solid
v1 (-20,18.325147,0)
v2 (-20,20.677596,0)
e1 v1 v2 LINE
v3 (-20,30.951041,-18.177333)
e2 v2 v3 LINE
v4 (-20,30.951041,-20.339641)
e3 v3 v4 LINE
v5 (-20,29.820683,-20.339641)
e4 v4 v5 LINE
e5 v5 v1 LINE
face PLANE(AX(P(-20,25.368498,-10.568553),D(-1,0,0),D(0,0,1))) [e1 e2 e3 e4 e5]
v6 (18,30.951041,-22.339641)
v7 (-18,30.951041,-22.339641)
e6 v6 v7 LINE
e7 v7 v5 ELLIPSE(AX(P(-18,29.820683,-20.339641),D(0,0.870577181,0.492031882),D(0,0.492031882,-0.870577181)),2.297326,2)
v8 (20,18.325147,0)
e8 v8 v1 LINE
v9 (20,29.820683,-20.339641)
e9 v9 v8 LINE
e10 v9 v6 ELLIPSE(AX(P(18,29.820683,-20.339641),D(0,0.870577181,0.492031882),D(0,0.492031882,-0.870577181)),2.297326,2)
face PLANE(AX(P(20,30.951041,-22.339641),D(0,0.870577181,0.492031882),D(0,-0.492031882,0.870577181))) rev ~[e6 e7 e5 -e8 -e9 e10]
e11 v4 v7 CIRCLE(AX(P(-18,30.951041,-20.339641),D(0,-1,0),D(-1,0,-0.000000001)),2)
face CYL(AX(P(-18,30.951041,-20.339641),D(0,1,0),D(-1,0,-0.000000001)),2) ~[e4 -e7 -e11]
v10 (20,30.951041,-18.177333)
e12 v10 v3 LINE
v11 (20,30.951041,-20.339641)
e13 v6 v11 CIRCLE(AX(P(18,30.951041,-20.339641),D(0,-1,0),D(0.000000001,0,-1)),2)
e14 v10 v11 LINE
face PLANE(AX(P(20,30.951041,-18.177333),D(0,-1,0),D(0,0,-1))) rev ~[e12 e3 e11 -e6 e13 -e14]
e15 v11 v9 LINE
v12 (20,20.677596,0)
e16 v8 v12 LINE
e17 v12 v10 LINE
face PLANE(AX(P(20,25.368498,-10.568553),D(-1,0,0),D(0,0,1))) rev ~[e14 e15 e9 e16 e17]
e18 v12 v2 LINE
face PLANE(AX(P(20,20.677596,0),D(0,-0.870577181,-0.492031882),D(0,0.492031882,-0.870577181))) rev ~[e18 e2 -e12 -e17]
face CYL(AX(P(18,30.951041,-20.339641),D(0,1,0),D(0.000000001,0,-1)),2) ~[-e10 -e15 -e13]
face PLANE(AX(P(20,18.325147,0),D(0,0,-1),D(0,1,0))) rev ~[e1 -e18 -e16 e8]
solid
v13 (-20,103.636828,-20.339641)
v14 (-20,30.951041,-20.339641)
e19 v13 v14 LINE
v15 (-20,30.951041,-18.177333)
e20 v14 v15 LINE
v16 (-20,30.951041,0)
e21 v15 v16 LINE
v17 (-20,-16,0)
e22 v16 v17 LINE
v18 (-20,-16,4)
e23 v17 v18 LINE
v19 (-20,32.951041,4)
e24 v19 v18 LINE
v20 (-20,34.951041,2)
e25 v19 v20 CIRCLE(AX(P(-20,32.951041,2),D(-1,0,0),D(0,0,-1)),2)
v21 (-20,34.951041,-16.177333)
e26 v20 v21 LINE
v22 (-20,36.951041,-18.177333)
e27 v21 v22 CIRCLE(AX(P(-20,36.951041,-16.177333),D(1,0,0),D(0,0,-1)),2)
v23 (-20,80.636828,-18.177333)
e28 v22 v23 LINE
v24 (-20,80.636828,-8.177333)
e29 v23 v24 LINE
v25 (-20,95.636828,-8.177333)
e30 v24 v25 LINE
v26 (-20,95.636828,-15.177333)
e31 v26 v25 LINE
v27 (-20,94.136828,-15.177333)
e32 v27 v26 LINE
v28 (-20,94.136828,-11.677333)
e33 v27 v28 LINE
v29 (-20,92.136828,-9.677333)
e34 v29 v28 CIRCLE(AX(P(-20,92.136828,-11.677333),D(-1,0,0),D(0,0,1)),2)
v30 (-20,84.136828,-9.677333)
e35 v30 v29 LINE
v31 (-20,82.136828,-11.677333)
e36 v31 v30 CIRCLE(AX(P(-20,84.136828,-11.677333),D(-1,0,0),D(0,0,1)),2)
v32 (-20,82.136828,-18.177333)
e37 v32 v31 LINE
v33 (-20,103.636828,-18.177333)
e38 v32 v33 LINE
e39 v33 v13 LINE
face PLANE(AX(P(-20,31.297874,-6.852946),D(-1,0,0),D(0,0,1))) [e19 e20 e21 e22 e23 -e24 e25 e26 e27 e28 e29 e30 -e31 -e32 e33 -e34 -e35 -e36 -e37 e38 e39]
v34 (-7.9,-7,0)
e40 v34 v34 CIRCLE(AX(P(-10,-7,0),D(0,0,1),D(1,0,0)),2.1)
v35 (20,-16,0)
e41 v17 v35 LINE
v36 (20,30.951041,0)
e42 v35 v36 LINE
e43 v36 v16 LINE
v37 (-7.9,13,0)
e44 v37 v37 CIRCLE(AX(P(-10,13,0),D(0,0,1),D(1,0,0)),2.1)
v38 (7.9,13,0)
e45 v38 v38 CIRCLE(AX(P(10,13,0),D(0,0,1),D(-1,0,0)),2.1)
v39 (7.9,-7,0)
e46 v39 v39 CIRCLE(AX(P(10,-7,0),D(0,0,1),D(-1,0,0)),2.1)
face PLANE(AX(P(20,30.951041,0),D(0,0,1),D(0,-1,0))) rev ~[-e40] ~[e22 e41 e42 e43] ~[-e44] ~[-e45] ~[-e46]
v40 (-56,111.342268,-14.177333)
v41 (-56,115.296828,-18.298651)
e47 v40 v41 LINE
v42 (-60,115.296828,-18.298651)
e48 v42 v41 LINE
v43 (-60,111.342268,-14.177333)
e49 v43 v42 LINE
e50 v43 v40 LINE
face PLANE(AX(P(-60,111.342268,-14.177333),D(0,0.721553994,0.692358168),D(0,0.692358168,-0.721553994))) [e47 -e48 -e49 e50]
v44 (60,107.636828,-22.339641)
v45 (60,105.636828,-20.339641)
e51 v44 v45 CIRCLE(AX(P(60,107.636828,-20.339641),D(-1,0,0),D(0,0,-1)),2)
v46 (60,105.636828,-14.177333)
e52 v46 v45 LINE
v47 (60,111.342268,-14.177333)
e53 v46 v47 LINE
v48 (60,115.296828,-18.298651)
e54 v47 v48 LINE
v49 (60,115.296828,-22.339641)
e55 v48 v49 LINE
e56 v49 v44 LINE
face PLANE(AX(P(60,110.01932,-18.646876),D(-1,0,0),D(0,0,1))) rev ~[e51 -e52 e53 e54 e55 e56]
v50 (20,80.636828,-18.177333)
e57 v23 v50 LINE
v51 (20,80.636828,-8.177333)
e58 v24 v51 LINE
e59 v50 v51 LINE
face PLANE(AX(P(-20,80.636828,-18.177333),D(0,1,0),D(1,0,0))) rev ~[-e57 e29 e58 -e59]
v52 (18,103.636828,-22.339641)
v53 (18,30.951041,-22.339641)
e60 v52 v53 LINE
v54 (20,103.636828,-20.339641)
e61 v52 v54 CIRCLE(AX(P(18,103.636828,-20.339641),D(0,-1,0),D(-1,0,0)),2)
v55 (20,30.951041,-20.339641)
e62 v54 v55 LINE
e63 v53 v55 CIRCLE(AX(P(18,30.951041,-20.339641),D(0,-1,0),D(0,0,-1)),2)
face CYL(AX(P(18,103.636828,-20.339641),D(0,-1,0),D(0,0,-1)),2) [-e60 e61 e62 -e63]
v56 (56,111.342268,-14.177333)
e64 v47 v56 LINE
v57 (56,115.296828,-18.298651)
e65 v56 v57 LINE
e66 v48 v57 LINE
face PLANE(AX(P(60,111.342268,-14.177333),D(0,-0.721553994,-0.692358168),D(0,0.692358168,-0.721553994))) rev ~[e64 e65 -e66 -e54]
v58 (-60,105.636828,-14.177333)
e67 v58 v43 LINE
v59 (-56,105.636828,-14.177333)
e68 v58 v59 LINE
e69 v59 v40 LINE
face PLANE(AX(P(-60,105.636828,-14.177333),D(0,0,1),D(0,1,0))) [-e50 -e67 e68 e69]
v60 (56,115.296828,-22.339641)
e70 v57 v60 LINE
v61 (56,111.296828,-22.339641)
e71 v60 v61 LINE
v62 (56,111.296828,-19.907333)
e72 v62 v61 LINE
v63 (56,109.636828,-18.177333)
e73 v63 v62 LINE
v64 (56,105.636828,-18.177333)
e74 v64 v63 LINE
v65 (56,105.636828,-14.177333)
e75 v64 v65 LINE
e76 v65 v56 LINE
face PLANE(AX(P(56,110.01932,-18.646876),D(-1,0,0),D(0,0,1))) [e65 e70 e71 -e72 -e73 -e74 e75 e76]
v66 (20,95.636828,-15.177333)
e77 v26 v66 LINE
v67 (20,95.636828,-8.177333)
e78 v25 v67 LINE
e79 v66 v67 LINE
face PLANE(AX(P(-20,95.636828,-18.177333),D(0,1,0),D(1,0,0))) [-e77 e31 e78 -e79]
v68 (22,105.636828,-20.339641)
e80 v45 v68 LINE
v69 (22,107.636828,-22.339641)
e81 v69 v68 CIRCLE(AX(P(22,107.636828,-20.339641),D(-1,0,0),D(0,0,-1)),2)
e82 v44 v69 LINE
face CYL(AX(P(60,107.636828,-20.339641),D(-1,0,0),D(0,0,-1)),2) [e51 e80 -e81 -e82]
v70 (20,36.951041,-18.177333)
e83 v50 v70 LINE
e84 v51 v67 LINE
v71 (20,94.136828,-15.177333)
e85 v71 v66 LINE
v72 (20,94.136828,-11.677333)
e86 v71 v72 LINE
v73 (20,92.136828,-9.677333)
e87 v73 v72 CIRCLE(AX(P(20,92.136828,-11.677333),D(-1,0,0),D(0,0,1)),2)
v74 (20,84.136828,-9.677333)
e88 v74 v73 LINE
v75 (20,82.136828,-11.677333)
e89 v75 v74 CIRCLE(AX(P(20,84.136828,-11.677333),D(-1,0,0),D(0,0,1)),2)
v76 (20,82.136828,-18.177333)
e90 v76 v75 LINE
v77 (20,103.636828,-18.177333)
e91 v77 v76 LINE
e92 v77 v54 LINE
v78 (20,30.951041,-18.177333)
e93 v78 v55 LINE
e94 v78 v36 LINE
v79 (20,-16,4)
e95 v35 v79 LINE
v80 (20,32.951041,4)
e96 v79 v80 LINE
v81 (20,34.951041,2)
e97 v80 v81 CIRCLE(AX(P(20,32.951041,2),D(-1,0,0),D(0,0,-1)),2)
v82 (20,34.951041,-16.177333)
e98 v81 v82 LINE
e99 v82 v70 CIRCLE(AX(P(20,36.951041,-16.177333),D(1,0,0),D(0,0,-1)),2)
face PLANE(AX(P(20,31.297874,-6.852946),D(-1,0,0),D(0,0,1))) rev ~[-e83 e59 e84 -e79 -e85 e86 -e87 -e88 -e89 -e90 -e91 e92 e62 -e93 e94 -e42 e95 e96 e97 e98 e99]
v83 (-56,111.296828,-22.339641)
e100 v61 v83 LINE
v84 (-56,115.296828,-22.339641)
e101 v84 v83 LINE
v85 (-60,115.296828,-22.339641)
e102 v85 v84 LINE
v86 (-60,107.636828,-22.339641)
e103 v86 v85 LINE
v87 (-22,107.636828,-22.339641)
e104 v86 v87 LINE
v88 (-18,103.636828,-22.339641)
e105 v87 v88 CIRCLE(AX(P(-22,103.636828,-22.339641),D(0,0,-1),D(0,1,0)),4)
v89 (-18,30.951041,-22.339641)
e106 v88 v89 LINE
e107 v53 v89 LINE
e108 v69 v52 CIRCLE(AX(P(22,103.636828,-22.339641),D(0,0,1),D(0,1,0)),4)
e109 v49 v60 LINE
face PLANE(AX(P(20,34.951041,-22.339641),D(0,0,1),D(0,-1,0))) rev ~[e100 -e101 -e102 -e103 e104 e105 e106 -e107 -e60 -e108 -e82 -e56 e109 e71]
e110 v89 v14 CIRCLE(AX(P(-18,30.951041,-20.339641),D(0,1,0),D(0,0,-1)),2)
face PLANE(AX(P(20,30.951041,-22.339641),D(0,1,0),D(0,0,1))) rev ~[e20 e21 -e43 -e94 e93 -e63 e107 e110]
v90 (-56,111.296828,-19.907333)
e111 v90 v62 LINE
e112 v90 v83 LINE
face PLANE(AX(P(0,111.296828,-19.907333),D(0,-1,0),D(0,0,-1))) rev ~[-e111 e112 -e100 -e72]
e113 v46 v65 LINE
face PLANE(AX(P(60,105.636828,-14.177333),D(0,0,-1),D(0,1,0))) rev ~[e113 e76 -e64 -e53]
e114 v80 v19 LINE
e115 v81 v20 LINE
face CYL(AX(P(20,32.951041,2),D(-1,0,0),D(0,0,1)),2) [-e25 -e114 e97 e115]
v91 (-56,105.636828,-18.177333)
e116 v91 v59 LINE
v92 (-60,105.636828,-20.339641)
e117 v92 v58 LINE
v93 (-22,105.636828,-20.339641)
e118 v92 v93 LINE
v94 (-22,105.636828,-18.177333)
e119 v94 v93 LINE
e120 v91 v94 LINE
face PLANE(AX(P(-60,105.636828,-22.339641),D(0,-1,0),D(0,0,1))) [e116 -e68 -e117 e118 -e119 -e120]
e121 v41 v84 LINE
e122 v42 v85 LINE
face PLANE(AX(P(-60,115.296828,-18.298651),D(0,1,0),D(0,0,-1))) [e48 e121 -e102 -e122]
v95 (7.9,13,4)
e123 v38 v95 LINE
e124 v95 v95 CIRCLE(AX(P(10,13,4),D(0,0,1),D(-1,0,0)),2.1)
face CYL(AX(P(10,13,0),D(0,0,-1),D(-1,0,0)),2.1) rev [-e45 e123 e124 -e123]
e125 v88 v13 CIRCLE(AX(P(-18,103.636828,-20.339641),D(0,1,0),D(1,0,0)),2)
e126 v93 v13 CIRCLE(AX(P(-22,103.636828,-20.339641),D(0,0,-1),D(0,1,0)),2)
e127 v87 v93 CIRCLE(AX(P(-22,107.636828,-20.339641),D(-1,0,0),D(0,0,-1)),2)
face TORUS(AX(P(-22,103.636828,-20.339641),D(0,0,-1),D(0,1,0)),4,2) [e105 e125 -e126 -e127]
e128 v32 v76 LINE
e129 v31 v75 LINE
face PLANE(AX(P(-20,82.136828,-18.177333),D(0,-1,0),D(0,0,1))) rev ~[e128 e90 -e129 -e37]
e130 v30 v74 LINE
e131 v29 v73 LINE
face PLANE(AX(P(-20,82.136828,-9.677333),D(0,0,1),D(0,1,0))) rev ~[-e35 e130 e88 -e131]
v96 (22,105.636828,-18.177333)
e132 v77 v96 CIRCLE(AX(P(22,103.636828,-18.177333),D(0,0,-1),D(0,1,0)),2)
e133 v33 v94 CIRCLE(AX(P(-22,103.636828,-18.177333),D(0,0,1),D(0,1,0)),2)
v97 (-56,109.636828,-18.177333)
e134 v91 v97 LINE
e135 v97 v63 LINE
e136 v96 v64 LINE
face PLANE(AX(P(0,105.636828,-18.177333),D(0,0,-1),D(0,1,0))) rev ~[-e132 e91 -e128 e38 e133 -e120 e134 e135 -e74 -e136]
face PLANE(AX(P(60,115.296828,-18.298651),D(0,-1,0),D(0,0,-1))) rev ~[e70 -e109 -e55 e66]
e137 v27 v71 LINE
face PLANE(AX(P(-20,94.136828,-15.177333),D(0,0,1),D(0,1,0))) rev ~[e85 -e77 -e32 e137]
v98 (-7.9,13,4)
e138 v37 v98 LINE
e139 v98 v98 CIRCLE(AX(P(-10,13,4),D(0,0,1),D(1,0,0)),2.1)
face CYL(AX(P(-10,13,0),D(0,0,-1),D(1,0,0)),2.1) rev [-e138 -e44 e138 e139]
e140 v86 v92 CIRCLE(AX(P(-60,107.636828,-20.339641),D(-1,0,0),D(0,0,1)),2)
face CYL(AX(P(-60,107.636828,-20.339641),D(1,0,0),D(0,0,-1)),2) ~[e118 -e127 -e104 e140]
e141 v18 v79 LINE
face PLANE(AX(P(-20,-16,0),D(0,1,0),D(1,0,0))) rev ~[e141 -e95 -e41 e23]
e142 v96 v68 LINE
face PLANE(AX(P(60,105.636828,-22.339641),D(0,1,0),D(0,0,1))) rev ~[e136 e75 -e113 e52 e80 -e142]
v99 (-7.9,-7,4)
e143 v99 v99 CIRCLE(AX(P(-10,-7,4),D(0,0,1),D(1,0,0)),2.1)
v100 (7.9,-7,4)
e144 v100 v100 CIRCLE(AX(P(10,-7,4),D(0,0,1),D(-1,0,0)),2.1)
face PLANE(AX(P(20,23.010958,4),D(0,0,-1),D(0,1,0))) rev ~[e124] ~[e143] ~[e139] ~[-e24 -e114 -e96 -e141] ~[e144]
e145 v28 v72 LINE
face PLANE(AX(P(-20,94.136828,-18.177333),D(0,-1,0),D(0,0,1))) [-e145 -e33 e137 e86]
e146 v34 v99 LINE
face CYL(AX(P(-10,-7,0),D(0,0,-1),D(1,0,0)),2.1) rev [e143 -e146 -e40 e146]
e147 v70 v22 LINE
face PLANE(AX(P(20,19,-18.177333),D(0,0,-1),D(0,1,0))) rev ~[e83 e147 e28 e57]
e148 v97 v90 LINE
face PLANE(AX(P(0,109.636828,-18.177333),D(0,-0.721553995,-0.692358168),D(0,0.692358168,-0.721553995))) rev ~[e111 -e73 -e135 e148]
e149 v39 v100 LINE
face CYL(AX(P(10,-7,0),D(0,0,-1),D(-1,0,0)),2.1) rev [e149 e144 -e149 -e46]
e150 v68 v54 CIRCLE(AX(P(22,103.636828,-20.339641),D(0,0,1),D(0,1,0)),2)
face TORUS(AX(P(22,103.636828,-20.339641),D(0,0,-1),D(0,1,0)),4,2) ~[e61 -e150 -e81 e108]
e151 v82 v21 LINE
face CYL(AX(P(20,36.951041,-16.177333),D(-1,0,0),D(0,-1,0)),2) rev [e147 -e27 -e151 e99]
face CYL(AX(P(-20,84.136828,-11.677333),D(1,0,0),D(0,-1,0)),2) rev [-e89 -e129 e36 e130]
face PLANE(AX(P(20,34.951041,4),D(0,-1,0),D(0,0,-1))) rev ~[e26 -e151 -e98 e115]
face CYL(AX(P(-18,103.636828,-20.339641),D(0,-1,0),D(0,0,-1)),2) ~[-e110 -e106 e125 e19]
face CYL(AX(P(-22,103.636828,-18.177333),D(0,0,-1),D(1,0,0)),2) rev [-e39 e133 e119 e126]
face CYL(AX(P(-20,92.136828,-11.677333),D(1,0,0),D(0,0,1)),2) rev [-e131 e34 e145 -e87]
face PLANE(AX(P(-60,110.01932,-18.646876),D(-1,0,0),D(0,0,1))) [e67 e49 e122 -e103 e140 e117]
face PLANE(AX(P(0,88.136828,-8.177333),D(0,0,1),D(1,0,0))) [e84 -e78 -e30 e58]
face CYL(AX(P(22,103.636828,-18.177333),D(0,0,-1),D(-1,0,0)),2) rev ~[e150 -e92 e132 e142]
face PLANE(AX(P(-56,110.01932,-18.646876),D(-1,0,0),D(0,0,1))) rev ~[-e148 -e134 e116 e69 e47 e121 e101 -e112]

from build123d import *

# Parameters (mm, degrees)
SKETCH_1_W          = 40
SKETCH_1_H          = 35
SKETCH_1_R          = 2.1
EXTRUDE_1_DEPTH     = 4
EXTRUDE_2_DEPTH     = 40
SKETCH_4_W          = 40
SKETCH_4_H          = 4.162308774
EXTRUDE_3_DEPTH     = 56.94
CUT_EXTRUDE_1_DEPTH = 121.357980229
EXTRUDE_4_DEPTH     = 60
EXTRUDE_5_DEPTH     = 4
EXTRUDE_6_DEPTH     = 4
SKETCH_10_W         = 40
SKETCH_10_H         = 15
EXTRUDE_7_DEPTH     = 10
SKETCH_11_W         = 8.5
SKETCH_11_H         = 12
CUT_EXTRUDE_2_DEPTH = 143.100028239
SKETCH_12_W         = 3
SKETCH_12_H         = 1.5
CUT_EXTRUDE_3_DEPTH = 143.100028239
CUT_EXTRUDE_4_DEPTH = 143.100028239
CUT_EXTRUDE_5_DEPTH = 143.100028239
EXTRUDE_10_DEPTH    = 40
SKETCH_19_W         = 4.162308774
SKETCH_19_H         = 5.255395785
CUT_EXTRUDE_6_DEPTH = 143.100028239
EXTRUDE_11_DEPTH    = 40
FILLET_2_R          = 2
FILLET_3_R          = 2
FILLET_4_R          = 2
FILLET_5_R          = 2
CUT_EXTRUDE_7_DEPTH = 106.892734597
FILLET_6_R          = 2


with BuildPart() as part:
    # 草图1 → 凸台-拉伸1 (new body)
    with BuildSketch(Plane.XY):
        with Locations((0, 1.5)):
            Rectangle(SKETCH_1_W, SKETCH_1_H)
        with Locations((-10, 13)):
            Circle(SKETCH_1_R, mode=Mode.SUBTRACT)
        with Locations((-10, -7)):
            Circle(SKETCH_1_R, mode=Mode.SUBTRACT)
        with Locations(Location((10, -7, 0), (0, 0, 180))):
            Circle(SKETCH_1_R, mode=Mode.SUBTRACT)
        with Locations(Location((10, 13, 0), (0, 0, 180))):
            Circle(SKETCH_1_R, mode=Mode.SUBTRACT)
    extrude(amount=EXTRUDE_1_DEPTH)

    # 草图3 → 凸台-拉伸2 (add)
    with BuildSketch(Plane(origin=(20, 0, 0), x_dir=(0, 0, -1), z_dir=(1, 0, 0))):
        Polygon((0, 23.010957881), (-4, 23.010957881), (-4, 19), (0, 19), (22.339641279, 25.6956455), (22.339641279, 54.356827593), (18.177332505, 54.356827593), (18.177332505, 28.459074665), align=None)
    extrude(amount=-EXTRUDE_2_DEPTH)

    # 草图4 → 凸台-拉伸3 (add)
    with BuildSketch(Plane(origin=(0, 54.356827593, 0), x_dir=(1, 0, 0), z_dir=(0, 1, 0))):
        with Locations((0, 20.258486892)):
            Rectangle(SKETCH_4_W, SKETCH_4_H)
    extrude(amount=EXTRUDE_3_DEPTH)

    # 草图5 → 切除-拉伸1 (cut, through all)
    with BuildSketch(Plane(origin=(20, 0, 0), x_dir=(0, 0, -1), z_dir=(1, 0, 0))):
        Polygon((19.907332505, 111.296827593), (18.177332505, 109.636827593), (18.177332505, 111.296827593), align=None)
    extrude(amount=-CUT_EXTRUDE_1_DEPTH, mode=Mode.SUBTRACT)

    # 草图6 → 凸台-拉伸4 (add, symmetric)
    with BuildSketch(Plane(origin=(0, 0, 0), x_dir=(0, 0, -1), z_dir=(1, 0, 0))):
        Polygon((19.907332505, 111.296827593), (22.339641279, 111.296827593), (22.339641279, 105.636827593), (18.177332505, 105.636827593), (18.177332505, 109.636827593), align=None)
    extrude(amount=EXTRUDE_4_DEPTH, both=True)

    # 草图7 → 凸台-拉伸5 (add)
    with BuildSketch(Plane(origin=(60, 0, 0), x_dir=(0, 0, -1), z_dir=(1, 0, 0))):
        Polygon((22.339641279, 115.296827593), (22.339641279, 105.636827593), (14.177332505, 105.636827593), (14.177332505, 111.342267985), (18.29865065, 115.296827593), align=None)
    extrude(amount=-EXTRUDE_5_DEPTH)

    # 草图9 → 凸台-拉伸6 (add)
    with BuildSketch(Plane.ZY.offset(60)):
        Polygon((-22.339641279, 115.296827593), (-22.339641279, 105.636827593), (-14.177332505, 105.636827593), (-14.177332505, 111.342267985), (-18.29865065, 115.296827593), align=None)
    extrude(amount=-EXTRUDE_6_DEPTH)

    # 草图10 → 凸台-拉伸7 (add)
    with BuildSketch(Plane.XY.offset(-18.177332505)):
        with Locations((0, 88.136827593)):
            Rectangle(SKETCH_10_W, SKETCH_10_H)
    extrude(amount=EXTRUDE_7_DEPTH)

    # 草图11 → 切除-拉伸2 (cut, through all)
    with BuildSketch(Plane.ZY.offset(20)):
        with Locations((-13.927332505, 88.136827593)):
            Rectangle(SKETCH_11_W, SKETCH_11_H)
    extrude(amount=-CUT_EXTRUDE_2_DEPTH, mode=Mode.SUBTRACT)

    # 草图12 → 切除-拉伸3 (cut, through all)
    with BuildSketch(Plane.ZY.offset(20)):
        with Locations((-16.677332505, 94.886827593)):
            Rectangle(SKETCH_12_W, SKETCH_12_H)
    extrude(amount=-CUT_EXTRUDE_3_DEPTH, mode=Mode.SUBTRACT)

    # 草图13 → 切除-拉伸4 (cut, through all)
    with BuildSketch(Plane(origin=(20, 0, 0), x_dir=(0, 0, -1), z_dir=(1, 0, 0))):
        Polygon((0, 23.010957881), (0, 19), (18.177332505, 19), (18.177332505, 24.448116784), (18.177332505, 28.459074665), (0, 28.459074665), align=None)
    extrude(amount=-CUT_EXTRUDE_4_DEPTH, mode=Mode.SUBTRACT)


with BuildPart() as cut_extrude_4_piece_1:
    # of the separate pieces the step leaves, piece 1, a body of its own (cut_extrude_4_pieces)
    add(part.part.solids().sort_by_distance((-20, 24.448116784, -18.177332505))[0])

    # 草图14 → 切除-拉伸5 (cut, through all)
    with BuildSketch(Plane(origin=(20, 0, 0), x_dir=(0, 0, -1), z_dir=(1, 0, 0))):
        Polygon((22.339641279, 25.6956455), (18.177332505, 25.6956455), (18.177332505, 24.448116784), align=None)
    extrude(amount=-CUT_EXTRUDE_5_DEPTH, mode=Mode.SUBTRACT)



with BuildPart() as cut_extrude_4_piece_2:
    # of the separate pieces the step leaves, piece 2, a body of its own (cut_extrude_4_pieces)
    add(part.part.solids().sort_by_distance((-20, -16, 0))[0])


with BuildPart() as cut_extrude_4_piece_1_1:
    add(cut_extrude_4_piece_1.part)

    add(cut_extrude_4_piece_2.part)  # 凸台-拉伸10 merges 切除-拉伸4 piece 2
    # 草图18 → 凸台-拉伸10 (add)
    with BuildSketch(Plane(origin=(20, 0, 0), x_dir=(0, 0, -1), z_dir=(1, 0, 0))):
        Polygon((-4, 23.010957881), (-4, 34.951041285), (22.339641279, 34.951041285), (22.339641279, 30.951041285), (0, 30.951041285), (0, 23.010957881), align=None)
    extrude(amount=-EXTRUDE_10_DEPTH)

    # 草图19 → 切除-拉伸6 (cut, through all)
    with BuildSketch(Plane(origin=(20, 0, 0), x_dir=(0, 0, -1), z_dir=(1, 0, 0))):
        with Locations((20.258486892, 28.323343392)):
            Rectangle(SKETCH_19_W, SKETCH_19_H)
    extrude(amount=-CUT_EXTRUDE_6_DEPTH, mode=Mode.SUBTRACT)

    # 圆角2
    fillet_2_edges = [cut_extrude_4_piece_1_1.edges().sort_by_distance(p)[0] for p in [
        (0, 34.951041285, 4),
    ]]
    fillet(fillet_2_edges, radius=FILLET_2_R)

    # 圆角3
    fillet_3_edges = [cut_extrude_4_piece_1_1.edges().sort_by_distance(p)[0] for p in [
        (0, 34.951041285, -18.177332505),
    ]]
    fillet(fillet_3_edges, radius=FILLET_3_R)

    # 圆角4
    fillet_4_edges = [cut_extrude_4_piece_1_1.edges().sort_by_distance(p)[0] for p in [
        (20, 105.636827593, -20.258486892),
        (-20, 105.636827593, -20.258486892),
    ]]
    fillet(fillet_4_edges, radius=FILLET_4_R)

    # 圆角5
    fillet_5_edges = [cut_extrude_4_piece_1_1.edges().sort_by_distance(p)[0] for p in [
        (41, 105.636827593, -22.339641279),
        (20, 67.293934439, -22.339641279),
        (-20, 67.293934439, -22.339641279),
        (-41, 105.636827593, -22.339641279),
        (-20.585786438, 105.051041156, -22.339641279),
        (20.585786438, 105.051041156, -22.339641279),
    ]]
    fillet(fillet_5_edges, radius=FILLET_5_R)

    # 圆角6
    fillet_6_edges = [cut_extrude_4_piece_1_1.edges().sort_by_distance(p)[0] for p in [
        (0, 94.136827593, -9.677332505),
        (0, 82.136827593, -9.677332505),
    ]]
    fillet(fillet_6_edges, radius=FILLET_6_R)


with BuildPart() as body_2:
    # 草图20 → 凸台-拉伸11 (new body)
    with BuildSketch(Plane(origin=(20, 0, 0), x_dir=(0, 0, -1), z_dir=(1, 0, 0))):
        Polygon((22.339641279, 30.951041285), (0, 18.325146666), (0, 20.677595897), (18.177332505, 30.951041285), align=None)
    extrude(amount=-EXTRUDE_11_DEPTH)

    # 草图21 → 切除-拉伸7 (cut, through all)
    with BuildSketch(Plane(origin=(0, 30.951041285, 0), x_dir=(1, 0, 0), z_dir=(0, 1, 0))):
        with BuildLine():
            Line((-20, 22.339641279), (-20, 20.339641279))
            ThreePointArc((-20, 20.339641279), (-19.414213562, 21.753854841), (-18, 22.339641279))
            Line((-18, 22.339641279), (-20, 22.339641279))
        make_face()
        with BuildLine():
            Line((20, 22.339641279), (18, 22.339641279))
            ThreePointArc((18, 22.339641279), (19.414213562, 21.753854841), (20, 20.339641279))
            Line((20, 20.339641279), (20, 22.339641279))
        make_face()
    extrude(amount=-CUT_EXTRUDE_7_DEPTH, mode=Mode.SUBTRACT)


solid = Compound([cut_extrude_4_piece_1_1.part, body_2.part])
